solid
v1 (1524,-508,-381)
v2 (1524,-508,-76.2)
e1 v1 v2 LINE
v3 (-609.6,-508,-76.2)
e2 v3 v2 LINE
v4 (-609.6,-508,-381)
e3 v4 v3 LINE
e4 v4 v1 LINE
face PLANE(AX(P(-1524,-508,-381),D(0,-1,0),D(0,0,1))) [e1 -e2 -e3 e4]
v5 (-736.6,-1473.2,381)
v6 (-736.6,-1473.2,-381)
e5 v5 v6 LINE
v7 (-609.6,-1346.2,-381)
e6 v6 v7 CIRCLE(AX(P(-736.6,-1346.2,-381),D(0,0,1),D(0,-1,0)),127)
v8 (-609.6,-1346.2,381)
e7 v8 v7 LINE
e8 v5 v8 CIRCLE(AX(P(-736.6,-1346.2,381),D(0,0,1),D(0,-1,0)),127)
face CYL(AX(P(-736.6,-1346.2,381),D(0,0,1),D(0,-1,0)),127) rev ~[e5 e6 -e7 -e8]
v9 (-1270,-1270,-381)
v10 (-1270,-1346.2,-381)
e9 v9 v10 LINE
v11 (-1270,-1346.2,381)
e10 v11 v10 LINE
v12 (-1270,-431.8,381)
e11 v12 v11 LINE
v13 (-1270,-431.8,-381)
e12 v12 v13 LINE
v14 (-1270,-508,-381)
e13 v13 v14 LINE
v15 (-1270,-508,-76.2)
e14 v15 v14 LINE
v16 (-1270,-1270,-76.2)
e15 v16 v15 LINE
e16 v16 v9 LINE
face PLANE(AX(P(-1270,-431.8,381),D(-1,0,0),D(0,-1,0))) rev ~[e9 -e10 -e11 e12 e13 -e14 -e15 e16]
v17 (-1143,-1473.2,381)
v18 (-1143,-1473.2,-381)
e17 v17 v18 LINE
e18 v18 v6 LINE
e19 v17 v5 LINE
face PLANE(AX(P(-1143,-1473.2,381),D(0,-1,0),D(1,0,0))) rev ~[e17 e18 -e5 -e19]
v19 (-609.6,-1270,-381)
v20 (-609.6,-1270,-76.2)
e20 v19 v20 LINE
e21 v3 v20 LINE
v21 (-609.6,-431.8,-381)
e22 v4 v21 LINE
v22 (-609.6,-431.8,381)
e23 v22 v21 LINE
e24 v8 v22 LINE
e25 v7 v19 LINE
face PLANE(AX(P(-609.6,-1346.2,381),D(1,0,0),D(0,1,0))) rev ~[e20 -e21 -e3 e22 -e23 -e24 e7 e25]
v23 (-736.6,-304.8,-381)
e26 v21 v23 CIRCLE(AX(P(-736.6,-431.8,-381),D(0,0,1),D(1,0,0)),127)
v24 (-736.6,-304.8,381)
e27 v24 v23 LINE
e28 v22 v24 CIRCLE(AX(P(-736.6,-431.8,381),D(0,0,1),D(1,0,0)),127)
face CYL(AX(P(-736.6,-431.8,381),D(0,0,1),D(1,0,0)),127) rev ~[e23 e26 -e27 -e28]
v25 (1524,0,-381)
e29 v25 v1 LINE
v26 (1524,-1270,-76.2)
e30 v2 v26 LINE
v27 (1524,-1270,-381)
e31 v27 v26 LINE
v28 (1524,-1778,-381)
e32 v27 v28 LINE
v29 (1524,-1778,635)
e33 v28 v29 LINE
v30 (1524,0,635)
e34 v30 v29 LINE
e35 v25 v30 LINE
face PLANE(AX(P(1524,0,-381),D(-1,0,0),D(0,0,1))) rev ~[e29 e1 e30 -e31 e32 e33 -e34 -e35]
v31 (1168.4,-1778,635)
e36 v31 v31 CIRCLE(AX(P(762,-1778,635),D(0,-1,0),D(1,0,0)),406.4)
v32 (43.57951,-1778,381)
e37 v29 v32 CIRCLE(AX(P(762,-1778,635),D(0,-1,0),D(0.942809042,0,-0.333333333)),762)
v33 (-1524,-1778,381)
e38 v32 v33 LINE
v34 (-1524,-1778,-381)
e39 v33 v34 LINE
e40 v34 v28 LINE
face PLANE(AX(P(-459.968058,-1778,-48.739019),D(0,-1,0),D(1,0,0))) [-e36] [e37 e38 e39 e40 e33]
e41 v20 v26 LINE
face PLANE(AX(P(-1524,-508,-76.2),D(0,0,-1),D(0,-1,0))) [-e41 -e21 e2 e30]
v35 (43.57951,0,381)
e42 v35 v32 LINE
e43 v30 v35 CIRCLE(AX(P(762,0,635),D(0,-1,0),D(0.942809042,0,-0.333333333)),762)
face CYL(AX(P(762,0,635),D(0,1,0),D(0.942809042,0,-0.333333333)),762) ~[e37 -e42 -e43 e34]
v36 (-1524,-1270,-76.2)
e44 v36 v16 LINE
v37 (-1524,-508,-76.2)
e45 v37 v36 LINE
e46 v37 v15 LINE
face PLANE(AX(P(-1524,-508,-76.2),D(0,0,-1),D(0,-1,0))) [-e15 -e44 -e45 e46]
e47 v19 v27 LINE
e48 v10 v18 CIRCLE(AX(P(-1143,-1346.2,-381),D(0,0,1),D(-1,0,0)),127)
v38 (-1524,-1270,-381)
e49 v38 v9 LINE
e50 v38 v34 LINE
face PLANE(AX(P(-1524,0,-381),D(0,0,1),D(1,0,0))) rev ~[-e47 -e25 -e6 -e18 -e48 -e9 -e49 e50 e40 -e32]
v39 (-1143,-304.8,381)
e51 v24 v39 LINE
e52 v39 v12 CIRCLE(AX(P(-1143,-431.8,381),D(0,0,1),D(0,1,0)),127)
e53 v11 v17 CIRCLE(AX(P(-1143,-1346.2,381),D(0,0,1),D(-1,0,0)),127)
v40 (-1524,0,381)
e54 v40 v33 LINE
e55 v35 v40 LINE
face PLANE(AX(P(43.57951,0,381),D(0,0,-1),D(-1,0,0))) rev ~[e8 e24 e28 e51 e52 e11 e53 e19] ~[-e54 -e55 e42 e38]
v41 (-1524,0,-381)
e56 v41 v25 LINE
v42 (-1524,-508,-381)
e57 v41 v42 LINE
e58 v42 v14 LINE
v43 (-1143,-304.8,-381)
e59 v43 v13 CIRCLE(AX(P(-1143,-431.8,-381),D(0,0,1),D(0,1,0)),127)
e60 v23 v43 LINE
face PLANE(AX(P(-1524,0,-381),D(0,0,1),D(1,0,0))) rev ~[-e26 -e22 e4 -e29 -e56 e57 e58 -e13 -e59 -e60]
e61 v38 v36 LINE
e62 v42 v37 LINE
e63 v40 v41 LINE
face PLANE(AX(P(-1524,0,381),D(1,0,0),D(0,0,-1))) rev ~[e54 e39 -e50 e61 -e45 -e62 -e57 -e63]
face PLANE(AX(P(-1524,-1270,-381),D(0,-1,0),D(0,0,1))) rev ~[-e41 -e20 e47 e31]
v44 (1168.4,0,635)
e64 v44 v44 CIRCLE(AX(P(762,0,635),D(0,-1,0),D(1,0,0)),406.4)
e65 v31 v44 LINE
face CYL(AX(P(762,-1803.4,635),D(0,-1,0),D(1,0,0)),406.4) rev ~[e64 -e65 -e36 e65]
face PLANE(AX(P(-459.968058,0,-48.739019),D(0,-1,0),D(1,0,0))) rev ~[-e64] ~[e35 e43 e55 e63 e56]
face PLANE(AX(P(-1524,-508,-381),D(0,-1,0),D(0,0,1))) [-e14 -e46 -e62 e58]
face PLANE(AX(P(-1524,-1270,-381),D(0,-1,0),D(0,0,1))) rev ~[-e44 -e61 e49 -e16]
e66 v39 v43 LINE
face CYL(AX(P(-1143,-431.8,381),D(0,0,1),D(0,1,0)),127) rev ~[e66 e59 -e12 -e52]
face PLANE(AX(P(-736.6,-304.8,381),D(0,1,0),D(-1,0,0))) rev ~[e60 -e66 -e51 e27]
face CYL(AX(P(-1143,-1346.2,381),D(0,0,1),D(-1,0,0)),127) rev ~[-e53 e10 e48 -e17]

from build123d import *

# Parameters (mm, degrees)
F1_DEPTH = 1778
F2_R     = 406.4
F3_DEPTH = 25.4
F4_DEPTH = 1803.401
F5_W     = 762
F5_H     = 304.8
F6_DEPTH = 3048.001
F8_DEPTH = 762.001


with BuildPart() as f1:
    # F0 (on Front) → F1 (new body)
    with BuildSketch(Plane.XZ):
        with BuildLine():
            Line((-1524, 381), (-1524, -381))
            Line((-1524, -381), (762, -381))
            Line((762, -381), (762, -127))
            ThreePointArc((762, -127), (322.0590948775, 12.8296053331), (43.5795103145, 381))
            Line((43.5795103145, 381), (-1524, 381))
        make_face()
        with BuildLine():
            Line((762, -127), (762, -381))
            Line((762, -381), (1524, -381))
            Line((1524, -381), (1524, 381))
            Line((1524, 381), (1480.4204896855, 381))
            ThreePointArc((1480.4204896855, 381), (1201.9409051225, 12.8296053331), (762, -127))
        make_face()
        with BuildLine():
            ThreePointArc((43.5795103145, 381), (322.0590948775, 12.8296053331), (762, -127))
            ThreePointArc((762, -127), (1201.9409051225, 12.8296053331), (1480.4204896855, 381))
            Line((1480.4204896855, 381), (43.5795103145, 381))
        make_face()
        with BuildLine():
            ThreePointArc((1524, 635), (633.144292211, 1386.026102456), (43.5795103145, 381))
            Line((43.5795103145, 381), (1480.4204896855, 381))
            ThreePointArc((1480.4204896855, 381), (1513.026102456, 506.144292211), (1524, 635))
        make_face()
        with BuildLine():
            Line((1480.4204896855, 381), (1524, 381))
            Line((1524, 381), (1524, 635))
            ThreePointArc((1524, 635), (1513.026102456, 506.144292211), (1480.4204896855, 381))
        make_face()
    extrude(amount=F1_DEPTH)

    # F2 (on face) → F3 (join)
    with BuildSketch(Plane.XZ.offset(1778)):
        with Locations((762, 635)):
            Circle(F2_R)
    extrude(amount=F3_DEPTH)

    # F4 (cut, through all): a face of the model
    f4_faces = [f1.faces().sort_by_distance(p)[0] for p in [
        (762, -1803.4, 635),
    ]]
    extrude(f4_faces, amount=-F4_DEPTH, mode=Mode.SUBTRACT)

    # F5 (on face) → F6 (cut, through all)
    with BuildSketch(Plane(origin=(-1524, 0, 0), x_dir=(0, -1, 0), z_dir=(-1, 0, 0))):
        with Locations((889, -228.6)):
            Rectangle(F5_W, F5_H)
    extrude(amount=-F6_DEPTH, mode=Mode.SUBTRACT)

    # F7 (on face) → F8 (cut, through all)
    with BuildSketch(Plane.XY.offset(381)):
        with BuildLine():
            Line((-1270, -431.8), (-1270, -1346.2))
            ThreePointArc((-1270, -1346.2), (-1232.8025612107, -1436.0025612107), (-1143, -1473.2))
            Line((-1143, -1473.2), (-736.6, -1473.2))
            ThreePointArc((-736.6, -1473.2), (-646.7974387893, -1436.0025612107), (-609.6, -1346.2))
            Line((-609.6, -1346.2), (-609.6, -431.8))
            ThreePointArc((-609.6, -431.8), (-646.7974387893, -341.9974387893), (-736.6, -304.8))
            Line((-736.6, -304.8), (-1143, -304.8))
            ThreePointArc((-1143, -304.8), (-1232.8025612107, -341.9974387893), (-1270, -431.8))
        make_face()
    extrude(amount=-F8_DEPTH, mode=Mode.SUBTRACT)


solid = f1.part
